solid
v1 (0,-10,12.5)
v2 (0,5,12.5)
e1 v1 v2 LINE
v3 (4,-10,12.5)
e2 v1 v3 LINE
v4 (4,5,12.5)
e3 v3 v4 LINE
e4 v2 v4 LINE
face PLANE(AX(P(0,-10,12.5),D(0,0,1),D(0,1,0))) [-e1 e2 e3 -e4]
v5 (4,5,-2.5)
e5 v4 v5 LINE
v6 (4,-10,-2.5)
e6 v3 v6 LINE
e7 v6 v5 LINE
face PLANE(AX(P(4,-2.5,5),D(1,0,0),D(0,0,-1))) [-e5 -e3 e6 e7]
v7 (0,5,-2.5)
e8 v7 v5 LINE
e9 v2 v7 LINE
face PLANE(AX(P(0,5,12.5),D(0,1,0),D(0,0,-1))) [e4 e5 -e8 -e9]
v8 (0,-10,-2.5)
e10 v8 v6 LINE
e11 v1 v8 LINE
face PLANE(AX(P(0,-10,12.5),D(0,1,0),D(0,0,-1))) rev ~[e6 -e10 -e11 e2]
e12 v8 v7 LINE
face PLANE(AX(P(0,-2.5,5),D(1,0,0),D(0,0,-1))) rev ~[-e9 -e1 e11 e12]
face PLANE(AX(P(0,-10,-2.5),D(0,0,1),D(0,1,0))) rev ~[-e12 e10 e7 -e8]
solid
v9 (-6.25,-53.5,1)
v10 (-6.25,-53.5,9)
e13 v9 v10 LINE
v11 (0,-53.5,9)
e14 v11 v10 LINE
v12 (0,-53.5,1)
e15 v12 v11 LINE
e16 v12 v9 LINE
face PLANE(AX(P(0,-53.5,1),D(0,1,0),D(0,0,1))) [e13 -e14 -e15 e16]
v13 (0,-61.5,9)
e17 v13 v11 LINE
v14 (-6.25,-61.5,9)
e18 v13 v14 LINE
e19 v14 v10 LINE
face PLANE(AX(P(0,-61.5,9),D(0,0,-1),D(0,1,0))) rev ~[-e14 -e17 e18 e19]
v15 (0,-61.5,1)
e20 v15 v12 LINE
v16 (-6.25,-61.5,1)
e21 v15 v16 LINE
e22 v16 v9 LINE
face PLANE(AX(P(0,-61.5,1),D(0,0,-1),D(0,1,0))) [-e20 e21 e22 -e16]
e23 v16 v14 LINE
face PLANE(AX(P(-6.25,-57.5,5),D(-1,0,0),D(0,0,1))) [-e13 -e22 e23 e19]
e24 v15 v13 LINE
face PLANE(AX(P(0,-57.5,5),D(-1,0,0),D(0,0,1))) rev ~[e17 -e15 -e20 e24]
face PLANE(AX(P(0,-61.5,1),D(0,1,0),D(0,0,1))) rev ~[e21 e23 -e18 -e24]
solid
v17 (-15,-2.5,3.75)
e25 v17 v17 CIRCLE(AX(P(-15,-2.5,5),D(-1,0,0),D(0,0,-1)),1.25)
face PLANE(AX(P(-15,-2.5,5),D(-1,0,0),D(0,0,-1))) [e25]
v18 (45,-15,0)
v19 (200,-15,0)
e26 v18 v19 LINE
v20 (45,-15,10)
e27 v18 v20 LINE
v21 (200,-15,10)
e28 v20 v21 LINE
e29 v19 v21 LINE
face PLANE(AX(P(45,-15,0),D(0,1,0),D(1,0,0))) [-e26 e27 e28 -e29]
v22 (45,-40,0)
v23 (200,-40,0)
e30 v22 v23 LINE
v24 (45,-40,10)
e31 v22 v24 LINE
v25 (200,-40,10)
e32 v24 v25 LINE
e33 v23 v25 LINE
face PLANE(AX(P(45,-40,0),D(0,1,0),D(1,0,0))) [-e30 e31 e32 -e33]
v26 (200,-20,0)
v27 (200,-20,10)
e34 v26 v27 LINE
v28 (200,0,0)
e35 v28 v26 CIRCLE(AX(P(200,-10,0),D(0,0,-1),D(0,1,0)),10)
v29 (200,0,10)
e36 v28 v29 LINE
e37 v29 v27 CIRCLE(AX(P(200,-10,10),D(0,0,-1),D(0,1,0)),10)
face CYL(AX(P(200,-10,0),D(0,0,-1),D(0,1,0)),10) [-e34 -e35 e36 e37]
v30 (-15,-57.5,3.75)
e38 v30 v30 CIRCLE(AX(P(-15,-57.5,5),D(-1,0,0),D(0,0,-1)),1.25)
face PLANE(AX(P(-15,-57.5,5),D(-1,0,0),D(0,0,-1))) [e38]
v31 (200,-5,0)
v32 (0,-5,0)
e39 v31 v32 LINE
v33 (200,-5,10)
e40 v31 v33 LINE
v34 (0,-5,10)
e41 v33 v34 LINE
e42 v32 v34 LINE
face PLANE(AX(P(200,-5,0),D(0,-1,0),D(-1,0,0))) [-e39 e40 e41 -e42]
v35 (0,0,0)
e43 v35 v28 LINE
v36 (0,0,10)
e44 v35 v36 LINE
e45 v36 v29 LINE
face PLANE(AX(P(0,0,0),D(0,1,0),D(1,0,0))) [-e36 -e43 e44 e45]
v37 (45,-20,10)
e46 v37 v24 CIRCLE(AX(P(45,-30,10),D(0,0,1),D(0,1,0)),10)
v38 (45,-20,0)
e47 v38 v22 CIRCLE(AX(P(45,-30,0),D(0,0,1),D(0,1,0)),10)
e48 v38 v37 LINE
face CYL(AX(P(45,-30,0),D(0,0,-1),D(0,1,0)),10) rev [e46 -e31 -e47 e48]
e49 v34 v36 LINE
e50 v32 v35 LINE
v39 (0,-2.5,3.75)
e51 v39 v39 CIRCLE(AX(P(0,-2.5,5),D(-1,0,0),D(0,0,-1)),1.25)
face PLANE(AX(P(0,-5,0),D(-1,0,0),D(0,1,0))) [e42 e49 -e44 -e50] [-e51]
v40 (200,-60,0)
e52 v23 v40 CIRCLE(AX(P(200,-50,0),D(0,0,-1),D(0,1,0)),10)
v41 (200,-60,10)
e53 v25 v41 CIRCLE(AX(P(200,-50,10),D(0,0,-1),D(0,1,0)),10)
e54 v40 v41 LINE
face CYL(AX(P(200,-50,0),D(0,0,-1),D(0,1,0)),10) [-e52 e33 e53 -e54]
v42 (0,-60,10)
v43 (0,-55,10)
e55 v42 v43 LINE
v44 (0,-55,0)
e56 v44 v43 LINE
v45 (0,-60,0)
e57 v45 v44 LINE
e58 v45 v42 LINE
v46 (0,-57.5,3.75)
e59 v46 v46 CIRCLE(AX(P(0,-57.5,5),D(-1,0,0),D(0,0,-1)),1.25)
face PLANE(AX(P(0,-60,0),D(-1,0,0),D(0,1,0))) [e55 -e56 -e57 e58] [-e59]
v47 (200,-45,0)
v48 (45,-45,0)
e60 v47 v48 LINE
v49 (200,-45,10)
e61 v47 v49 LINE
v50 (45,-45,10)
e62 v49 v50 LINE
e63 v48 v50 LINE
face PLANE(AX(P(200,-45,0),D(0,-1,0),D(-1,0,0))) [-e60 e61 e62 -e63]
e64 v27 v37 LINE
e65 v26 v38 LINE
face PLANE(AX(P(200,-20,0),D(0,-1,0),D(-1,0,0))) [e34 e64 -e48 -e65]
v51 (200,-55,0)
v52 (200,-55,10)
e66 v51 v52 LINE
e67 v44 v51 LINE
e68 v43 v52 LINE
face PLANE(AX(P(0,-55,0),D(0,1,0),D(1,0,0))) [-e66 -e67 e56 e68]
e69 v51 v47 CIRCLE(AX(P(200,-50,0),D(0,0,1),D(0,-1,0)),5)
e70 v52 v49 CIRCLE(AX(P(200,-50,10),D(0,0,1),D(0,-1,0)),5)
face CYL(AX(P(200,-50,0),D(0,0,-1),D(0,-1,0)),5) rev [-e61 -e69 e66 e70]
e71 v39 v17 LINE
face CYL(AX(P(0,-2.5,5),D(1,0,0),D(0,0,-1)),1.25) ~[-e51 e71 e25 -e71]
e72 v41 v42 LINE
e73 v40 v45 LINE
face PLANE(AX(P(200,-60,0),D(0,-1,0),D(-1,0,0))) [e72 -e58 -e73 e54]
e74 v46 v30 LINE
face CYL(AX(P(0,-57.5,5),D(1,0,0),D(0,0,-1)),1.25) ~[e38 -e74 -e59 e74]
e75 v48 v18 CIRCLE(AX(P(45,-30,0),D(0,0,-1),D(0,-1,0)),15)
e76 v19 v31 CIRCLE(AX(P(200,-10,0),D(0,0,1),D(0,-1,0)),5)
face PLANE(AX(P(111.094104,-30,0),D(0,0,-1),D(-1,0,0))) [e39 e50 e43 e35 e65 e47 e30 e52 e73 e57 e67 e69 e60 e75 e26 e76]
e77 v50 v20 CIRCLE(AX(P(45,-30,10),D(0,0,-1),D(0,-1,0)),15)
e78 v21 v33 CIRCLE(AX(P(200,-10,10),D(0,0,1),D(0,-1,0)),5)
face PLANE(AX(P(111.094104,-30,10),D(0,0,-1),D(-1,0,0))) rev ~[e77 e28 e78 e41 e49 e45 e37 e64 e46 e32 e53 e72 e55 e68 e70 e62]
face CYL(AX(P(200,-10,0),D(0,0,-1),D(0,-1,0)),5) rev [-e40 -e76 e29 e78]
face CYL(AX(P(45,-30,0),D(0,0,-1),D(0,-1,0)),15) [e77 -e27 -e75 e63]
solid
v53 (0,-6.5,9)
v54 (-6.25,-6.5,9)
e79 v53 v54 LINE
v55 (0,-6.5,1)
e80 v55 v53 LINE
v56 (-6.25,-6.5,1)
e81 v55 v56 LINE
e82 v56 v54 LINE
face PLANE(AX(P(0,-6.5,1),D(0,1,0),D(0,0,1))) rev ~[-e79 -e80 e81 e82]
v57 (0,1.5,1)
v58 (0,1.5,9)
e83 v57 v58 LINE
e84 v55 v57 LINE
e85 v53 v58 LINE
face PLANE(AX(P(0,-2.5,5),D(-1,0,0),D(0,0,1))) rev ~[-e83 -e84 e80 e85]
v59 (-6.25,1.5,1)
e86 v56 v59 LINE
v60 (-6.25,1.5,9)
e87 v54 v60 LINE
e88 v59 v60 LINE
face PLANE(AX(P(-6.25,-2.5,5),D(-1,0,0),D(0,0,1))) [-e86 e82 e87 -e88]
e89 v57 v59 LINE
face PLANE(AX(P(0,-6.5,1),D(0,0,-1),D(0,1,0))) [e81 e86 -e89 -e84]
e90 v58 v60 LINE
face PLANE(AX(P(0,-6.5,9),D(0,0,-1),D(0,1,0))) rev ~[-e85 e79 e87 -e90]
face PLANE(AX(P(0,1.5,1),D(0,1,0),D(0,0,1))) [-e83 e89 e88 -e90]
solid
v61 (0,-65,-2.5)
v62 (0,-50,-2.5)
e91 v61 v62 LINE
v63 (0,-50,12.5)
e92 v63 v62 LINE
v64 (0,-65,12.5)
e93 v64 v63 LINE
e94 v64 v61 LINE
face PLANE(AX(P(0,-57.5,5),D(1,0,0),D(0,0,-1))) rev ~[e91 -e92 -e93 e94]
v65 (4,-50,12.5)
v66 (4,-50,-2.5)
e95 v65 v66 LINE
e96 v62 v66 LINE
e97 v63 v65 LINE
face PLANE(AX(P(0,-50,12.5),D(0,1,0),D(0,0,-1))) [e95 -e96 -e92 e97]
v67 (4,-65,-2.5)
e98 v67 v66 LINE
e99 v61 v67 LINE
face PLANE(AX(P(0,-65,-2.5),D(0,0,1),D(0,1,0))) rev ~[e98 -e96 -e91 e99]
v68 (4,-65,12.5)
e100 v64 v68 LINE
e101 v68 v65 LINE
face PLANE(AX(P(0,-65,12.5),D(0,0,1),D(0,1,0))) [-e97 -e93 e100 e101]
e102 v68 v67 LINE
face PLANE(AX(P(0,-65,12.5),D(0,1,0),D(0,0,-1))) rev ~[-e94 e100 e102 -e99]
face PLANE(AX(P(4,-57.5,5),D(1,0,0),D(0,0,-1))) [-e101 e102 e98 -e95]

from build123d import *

# Parameters (mm, degrees)
BOSS_EXTRUDE1_DEPTH   = 10
SKETCH2_R             = 1.25
BOSS_EXTRUDE2_DEPTH   = 15
SKETCH3_R             = 1.25
BOSS_EXTRUDE3_DEPTH   = 15
SKETCH4_W             = 15
SKETCH4_H             = 15
BOSS_EXTRUDE5_DEPTH   = 4
BOSS_EXTRUDE5_2_DEPTH = 4
SKETCH5_W             = 8
SKETCH5_H             = 8
BOSS_EXTRUDE6_DEPTH   = 6.25
BOSS_EXTRUDE6_2_DEPTH = 6.25


with BuildPart() as part:
    # Sketch1 → Boss-Extrude1 (new body)
    with BuildSketch(Plane.XY):
        with BuildLine():
            Line((0, 0), (200, 0))
            ThreePointArc((200, 0), (210, -10), (200, -20))
            Line((200, -20), (45, -20))
            ThreePointArc((45, -20), (35, -30), (45, -40))
            Line((45, -40), (200, -40))
            ThreePointArc((200, -40), (210, -50), (200, -60))
            Line((200, -60), (0, -60))
            Line((0, -60), (0, -55))
            Line((0, -55), (200, -55))
            ThreePointArc((200, -55), (205, -50), (200, -45))
            Line((200, -45), (45, -45))
            ThreePointArc((45, -45), (30, -30), (45, -15))
            Line((45, -15), (200, -15))
            ThreePointArc((200, -15), (205, -10), (200, -5))
            Line((200, -5), (0, -5))
            Line((0, -5), (0, 0))
        make_face()
    extrude(amount=BOSS_EXTRUDE1_DEPTH)

    # Sketch2 → Boss-Extrude2 (add)
    with BuildSketch(Plane.ZY):
        with Locations(Location((5, -2.5, 0), (0, 0, 180))):
            Circle(SKETCH2_R)
    extrude(amount=BOSS_EXTRUDE2_DEPTH)

    # Sketch3 → Boss-Extrude3 (add)
    with BuildSketch(Plane.ZY):
        with Locations(Location((5, -57.5, 0), (0, 0, 180))):
            Circle(SKETCH3_R)
    extrude(amount=BOSS_EXTRUDE3_DEPTH)


with BuildPart() as body_2:
    # Sketch4 → Boss-Extrude5 (new body)
    with BuildSketch(Plane(origin=(0, 0, 0), x_dir=(0, 0, -1), z_dir=(1, 0, 0))):
        with Locations((-5, -57.5)):
            Rectangle(SKETCH4_W, SKETCH4_H)
    extrude(amount=BOSS_EXTRUDE5_DEPTH)


with BuildPart() as body_3:
    # Sketch4 → Boss-Extrude5 2 (new body)
    with BuildSketch(Plane(origin=(0, 0, 0), x_dir=(0, 0, -1), z_dir=(1, 0, 0))):
        with Locations((-5, -2.5)):
            Rectangle(SKETCH4_W, SKETCH4_H)
    extrude(amount=BOSS_EXTRUDE5_2_DEPTH)


with BuildPart() as body_4:
    # Sketch5 → Boss-Extrude6 (new body)
    with BuildSketch(Plane.ZY):
        with Locations((5, -57.5)):
            Rectangle(SKETCH5_W, SKETCH5_H)
    extrude(amount=BOSS_EXTRUDE6_DEPTH)


with BuildPart() as body_5:
    # Sketch5 → Boss-Extrude6 2 (new body)
    with BuildSketch(Plane.ZY):
        with Locations((5, -2.5)):
            Rectangle(SKETCH5_W, SKETCH5_H)
    extrude(amount=BOSS_EXTRUDE6_2_DEPTH)


solid = Compound([part.part, body_2.part, body_3.part, body_4.part, body_5.part])
